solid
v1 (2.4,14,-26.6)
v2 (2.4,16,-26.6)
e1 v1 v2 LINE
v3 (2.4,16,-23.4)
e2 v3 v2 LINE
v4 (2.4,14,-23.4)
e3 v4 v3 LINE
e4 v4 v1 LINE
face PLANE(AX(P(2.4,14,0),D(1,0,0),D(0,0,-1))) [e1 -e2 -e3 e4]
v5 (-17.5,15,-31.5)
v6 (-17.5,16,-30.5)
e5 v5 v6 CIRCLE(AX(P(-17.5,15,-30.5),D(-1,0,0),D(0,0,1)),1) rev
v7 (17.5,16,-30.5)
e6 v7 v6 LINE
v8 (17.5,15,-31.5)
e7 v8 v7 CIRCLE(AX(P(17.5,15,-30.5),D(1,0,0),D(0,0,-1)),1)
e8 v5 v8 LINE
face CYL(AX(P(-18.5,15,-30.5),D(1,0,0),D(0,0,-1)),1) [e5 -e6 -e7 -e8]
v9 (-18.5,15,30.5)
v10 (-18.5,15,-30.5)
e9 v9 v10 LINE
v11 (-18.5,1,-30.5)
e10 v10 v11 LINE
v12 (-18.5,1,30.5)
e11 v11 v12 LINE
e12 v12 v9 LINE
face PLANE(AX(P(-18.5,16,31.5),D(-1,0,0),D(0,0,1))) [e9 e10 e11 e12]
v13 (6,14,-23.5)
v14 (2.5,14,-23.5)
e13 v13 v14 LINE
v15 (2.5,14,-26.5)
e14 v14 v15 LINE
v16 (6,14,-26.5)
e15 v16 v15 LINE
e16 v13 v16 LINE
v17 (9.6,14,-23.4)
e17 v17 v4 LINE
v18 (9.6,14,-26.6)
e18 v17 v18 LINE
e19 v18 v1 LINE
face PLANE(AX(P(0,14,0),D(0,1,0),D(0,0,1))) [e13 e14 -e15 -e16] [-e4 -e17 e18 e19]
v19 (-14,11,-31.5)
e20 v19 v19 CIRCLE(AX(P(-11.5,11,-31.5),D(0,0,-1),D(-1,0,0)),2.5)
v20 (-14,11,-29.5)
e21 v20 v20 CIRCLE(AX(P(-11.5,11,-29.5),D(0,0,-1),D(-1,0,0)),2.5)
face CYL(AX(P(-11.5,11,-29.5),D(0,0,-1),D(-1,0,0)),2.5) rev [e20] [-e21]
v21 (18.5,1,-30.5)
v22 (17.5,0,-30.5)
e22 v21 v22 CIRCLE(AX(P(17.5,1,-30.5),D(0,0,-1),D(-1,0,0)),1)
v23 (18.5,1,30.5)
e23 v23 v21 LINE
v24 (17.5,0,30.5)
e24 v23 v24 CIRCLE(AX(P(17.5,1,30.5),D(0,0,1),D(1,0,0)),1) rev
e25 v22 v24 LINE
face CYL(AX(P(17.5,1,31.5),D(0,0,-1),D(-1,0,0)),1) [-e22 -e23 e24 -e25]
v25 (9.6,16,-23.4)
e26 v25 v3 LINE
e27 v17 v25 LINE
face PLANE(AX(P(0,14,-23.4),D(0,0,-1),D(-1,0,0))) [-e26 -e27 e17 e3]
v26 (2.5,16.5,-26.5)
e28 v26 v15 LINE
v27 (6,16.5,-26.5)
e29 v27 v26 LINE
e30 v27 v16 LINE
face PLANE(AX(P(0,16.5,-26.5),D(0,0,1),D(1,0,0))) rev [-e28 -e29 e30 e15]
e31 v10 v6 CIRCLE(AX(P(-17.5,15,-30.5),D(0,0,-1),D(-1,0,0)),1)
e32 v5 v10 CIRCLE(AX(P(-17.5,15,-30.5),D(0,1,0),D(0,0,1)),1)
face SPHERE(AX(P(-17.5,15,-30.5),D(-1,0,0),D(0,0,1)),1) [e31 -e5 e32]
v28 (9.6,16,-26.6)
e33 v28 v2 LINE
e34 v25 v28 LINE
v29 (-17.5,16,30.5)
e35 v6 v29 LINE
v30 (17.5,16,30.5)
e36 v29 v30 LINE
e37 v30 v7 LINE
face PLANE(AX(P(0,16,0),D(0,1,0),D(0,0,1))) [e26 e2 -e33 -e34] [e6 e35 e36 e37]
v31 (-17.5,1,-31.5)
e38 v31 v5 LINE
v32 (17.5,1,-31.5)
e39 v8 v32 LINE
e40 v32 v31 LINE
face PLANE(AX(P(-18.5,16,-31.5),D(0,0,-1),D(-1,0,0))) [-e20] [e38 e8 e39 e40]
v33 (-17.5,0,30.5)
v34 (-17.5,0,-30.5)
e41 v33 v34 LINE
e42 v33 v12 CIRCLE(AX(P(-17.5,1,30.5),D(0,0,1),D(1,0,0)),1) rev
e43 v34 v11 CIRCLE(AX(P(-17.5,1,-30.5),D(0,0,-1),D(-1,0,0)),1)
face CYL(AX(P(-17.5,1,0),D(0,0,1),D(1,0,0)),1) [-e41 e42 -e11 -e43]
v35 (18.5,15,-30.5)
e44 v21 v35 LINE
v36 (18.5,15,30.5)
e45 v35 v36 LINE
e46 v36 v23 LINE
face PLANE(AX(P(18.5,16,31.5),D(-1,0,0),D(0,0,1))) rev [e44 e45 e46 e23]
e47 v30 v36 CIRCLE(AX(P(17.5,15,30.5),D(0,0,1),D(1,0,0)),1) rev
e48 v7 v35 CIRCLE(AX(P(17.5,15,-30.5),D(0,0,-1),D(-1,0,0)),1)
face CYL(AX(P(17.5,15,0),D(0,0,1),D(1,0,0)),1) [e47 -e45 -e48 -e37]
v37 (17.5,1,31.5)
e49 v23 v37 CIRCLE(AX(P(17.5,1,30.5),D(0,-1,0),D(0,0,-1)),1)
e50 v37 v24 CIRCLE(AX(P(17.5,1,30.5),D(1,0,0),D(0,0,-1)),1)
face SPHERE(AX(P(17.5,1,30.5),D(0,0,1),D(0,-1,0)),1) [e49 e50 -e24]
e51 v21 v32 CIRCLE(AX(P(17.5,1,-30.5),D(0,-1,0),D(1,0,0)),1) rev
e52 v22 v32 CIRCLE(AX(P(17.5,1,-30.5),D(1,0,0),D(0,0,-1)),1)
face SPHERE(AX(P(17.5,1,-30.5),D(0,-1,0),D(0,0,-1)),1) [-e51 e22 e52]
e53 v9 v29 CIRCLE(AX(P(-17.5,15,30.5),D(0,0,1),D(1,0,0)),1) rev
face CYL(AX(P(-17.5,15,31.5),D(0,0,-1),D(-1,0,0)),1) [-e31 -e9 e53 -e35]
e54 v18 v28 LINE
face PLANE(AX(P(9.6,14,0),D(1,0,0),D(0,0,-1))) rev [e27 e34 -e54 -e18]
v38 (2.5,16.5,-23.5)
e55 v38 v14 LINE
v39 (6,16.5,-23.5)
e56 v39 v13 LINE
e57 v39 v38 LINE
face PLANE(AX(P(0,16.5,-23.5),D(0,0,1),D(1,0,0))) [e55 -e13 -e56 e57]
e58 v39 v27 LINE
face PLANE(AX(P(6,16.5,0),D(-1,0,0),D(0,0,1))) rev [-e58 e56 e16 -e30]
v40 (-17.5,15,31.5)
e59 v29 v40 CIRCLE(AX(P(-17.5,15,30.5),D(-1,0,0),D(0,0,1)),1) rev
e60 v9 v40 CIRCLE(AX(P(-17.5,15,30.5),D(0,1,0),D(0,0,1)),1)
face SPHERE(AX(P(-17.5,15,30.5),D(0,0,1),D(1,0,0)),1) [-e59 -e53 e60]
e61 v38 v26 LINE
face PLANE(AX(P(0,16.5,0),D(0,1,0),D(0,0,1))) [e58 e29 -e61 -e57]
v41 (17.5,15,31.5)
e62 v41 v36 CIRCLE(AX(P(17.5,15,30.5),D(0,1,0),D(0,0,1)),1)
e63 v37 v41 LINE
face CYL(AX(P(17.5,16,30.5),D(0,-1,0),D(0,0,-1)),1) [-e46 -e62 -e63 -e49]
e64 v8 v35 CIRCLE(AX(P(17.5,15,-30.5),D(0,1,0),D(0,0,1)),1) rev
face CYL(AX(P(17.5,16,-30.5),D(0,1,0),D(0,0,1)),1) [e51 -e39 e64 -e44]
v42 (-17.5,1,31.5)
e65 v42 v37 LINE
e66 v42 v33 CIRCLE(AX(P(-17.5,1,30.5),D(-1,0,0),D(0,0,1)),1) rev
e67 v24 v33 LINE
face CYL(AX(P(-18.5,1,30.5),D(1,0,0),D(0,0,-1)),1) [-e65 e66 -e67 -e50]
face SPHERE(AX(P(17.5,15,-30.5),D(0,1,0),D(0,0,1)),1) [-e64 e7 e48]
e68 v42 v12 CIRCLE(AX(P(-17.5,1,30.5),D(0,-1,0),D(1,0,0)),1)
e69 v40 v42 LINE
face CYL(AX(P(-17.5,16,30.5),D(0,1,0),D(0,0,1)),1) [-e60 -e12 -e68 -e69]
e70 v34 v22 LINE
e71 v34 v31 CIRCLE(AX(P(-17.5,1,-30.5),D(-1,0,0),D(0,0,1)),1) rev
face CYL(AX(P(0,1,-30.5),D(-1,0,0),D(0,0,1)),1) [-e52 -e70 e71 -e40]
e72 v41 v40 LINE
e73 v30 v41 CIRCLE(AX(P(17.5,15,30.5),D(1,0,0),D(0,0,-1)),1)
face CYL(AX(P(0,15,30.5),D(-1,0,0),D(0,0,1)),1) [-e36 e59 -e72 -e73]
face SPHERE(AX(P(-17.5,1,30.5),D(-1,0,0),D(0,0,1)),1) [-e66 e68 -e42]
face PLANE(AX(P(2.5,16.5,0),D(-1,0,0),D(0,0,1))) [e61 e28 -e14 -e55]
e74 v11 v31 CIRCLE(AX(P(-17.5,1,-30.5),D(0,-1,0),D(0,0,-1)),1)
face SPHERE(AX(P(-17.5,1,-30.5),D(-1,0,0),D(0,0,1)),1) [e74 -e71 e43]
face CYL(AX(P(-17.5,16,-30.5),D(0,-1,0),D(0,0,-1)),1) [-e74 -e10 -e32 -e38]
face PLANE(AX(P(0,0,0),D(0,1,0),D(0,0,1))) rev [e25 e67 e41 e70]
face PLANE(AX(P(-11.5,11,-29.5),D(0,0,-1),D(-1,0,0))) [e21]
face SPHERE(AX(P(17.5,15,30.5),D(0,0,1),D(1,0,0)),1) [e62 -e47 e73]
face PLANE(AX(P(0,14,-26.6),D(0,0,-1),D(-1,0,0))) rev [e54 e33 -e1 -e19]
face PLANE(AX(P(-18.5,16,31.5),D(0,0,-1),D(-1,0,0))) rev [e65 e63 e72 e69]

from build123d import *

# Parameters (mm, degrees)
SKETCH_1_W          = 37
SKETCH_1_H          = 63
EXTRUDE_1_DEPTH     = 16
FILLET_1_R          = 1
CUT_EXTRUDE_START   = 16
SKETCH_1_9_W        = 7.2
SKETCH_1_9_H        = 3.2
CUT_EXTRUDE_1_DEPTH = 2
EXTRUDE_START       = 14
SKETCH_1_10_W       = 3.5
SKETCH_1_10_H       = 3
EXTRUDE_2_DEPTH     = 2.5
SKETCH_2_R          = 2.5
CUT_EXTRUDE_2_DEPTH = 2


with BuildPart() as part:
    # 草图1 → 凸台-拉伸1 (new body)
    with BuildSketch(Plane(origin=(0, 0, 0), x_dir=(1, 0, 0), z_dir=(0, 1, 0))):
        Rectangle(SKETCH_1_W, SKETCH_1_H)
    extrude(amount=EXTRUDE_1_DEPTH)

    # 圆角1
    fillet_1_edges = [part.edges().sort_by_distance(p)[0] for p in [
        (0, 16, -31.5),
        (-18.5, 16, 0),
        (0, 16, 31.5),
        (-18.5, 0, 0),
        (0, 0, -31.5),
        (18.5, 0, 0),
        (0, 0, 31.5),
        (-18.5, 8, 31.5),
        (-18.5, 8, -31.5),
        (18.5, 8, -31.5),
        (18.5, 8, 31.5),
        (18.5, 16, 0),
    ]]
    fillet(fillet_1_edges, radius=FILLET_1_R)

    # 草图1<9> → 切除-拉伸1 (cut)
    with BuildSketch(Plane(origin=(0, 0, 0), x_dir=(1, 0, 0), z_dir=(0, 1, 0)).offset(CUT_EXTRUDE_START)):
        with Locations((6, 25)):
            Rectangle(SKETCH_1_9_W, SKETCH_1_9_H)
    extrude(amount=-CUT_EXTRUDE_1_DEPTH, mode=Mode.SUBTRACT)

    # 草图1<10> → 凸台-拉伸2 (add)
    with BuildSketch(Plane(origin=(0, 0, 0), x_dir=(1, 0, 0), z_dir=(0, 1, 0)).offset(EXTRUDE_START)):
        with Locations((4.25, 25)):
            Rectangle(SKETCH_1_10_W, SKETCH_1_10_H)
    extrude(amount=EXTRUDE_2_DEPTH)

    # 草图2 → 切除-拉伸2 (cut)
    with BuildSketch(Plane(origin=(0, 0, -31.5), x_dir=(-1, 0, 0), z_dir=(0, 0, -1))):
        with Locations((11.5, 11)):
            Circle(SKETCH_2_R)
    extrude(amount=-CUT_EXTRUDE_2_DEPTH, mode=Mode.SUBTRACT)


solid = part.part
